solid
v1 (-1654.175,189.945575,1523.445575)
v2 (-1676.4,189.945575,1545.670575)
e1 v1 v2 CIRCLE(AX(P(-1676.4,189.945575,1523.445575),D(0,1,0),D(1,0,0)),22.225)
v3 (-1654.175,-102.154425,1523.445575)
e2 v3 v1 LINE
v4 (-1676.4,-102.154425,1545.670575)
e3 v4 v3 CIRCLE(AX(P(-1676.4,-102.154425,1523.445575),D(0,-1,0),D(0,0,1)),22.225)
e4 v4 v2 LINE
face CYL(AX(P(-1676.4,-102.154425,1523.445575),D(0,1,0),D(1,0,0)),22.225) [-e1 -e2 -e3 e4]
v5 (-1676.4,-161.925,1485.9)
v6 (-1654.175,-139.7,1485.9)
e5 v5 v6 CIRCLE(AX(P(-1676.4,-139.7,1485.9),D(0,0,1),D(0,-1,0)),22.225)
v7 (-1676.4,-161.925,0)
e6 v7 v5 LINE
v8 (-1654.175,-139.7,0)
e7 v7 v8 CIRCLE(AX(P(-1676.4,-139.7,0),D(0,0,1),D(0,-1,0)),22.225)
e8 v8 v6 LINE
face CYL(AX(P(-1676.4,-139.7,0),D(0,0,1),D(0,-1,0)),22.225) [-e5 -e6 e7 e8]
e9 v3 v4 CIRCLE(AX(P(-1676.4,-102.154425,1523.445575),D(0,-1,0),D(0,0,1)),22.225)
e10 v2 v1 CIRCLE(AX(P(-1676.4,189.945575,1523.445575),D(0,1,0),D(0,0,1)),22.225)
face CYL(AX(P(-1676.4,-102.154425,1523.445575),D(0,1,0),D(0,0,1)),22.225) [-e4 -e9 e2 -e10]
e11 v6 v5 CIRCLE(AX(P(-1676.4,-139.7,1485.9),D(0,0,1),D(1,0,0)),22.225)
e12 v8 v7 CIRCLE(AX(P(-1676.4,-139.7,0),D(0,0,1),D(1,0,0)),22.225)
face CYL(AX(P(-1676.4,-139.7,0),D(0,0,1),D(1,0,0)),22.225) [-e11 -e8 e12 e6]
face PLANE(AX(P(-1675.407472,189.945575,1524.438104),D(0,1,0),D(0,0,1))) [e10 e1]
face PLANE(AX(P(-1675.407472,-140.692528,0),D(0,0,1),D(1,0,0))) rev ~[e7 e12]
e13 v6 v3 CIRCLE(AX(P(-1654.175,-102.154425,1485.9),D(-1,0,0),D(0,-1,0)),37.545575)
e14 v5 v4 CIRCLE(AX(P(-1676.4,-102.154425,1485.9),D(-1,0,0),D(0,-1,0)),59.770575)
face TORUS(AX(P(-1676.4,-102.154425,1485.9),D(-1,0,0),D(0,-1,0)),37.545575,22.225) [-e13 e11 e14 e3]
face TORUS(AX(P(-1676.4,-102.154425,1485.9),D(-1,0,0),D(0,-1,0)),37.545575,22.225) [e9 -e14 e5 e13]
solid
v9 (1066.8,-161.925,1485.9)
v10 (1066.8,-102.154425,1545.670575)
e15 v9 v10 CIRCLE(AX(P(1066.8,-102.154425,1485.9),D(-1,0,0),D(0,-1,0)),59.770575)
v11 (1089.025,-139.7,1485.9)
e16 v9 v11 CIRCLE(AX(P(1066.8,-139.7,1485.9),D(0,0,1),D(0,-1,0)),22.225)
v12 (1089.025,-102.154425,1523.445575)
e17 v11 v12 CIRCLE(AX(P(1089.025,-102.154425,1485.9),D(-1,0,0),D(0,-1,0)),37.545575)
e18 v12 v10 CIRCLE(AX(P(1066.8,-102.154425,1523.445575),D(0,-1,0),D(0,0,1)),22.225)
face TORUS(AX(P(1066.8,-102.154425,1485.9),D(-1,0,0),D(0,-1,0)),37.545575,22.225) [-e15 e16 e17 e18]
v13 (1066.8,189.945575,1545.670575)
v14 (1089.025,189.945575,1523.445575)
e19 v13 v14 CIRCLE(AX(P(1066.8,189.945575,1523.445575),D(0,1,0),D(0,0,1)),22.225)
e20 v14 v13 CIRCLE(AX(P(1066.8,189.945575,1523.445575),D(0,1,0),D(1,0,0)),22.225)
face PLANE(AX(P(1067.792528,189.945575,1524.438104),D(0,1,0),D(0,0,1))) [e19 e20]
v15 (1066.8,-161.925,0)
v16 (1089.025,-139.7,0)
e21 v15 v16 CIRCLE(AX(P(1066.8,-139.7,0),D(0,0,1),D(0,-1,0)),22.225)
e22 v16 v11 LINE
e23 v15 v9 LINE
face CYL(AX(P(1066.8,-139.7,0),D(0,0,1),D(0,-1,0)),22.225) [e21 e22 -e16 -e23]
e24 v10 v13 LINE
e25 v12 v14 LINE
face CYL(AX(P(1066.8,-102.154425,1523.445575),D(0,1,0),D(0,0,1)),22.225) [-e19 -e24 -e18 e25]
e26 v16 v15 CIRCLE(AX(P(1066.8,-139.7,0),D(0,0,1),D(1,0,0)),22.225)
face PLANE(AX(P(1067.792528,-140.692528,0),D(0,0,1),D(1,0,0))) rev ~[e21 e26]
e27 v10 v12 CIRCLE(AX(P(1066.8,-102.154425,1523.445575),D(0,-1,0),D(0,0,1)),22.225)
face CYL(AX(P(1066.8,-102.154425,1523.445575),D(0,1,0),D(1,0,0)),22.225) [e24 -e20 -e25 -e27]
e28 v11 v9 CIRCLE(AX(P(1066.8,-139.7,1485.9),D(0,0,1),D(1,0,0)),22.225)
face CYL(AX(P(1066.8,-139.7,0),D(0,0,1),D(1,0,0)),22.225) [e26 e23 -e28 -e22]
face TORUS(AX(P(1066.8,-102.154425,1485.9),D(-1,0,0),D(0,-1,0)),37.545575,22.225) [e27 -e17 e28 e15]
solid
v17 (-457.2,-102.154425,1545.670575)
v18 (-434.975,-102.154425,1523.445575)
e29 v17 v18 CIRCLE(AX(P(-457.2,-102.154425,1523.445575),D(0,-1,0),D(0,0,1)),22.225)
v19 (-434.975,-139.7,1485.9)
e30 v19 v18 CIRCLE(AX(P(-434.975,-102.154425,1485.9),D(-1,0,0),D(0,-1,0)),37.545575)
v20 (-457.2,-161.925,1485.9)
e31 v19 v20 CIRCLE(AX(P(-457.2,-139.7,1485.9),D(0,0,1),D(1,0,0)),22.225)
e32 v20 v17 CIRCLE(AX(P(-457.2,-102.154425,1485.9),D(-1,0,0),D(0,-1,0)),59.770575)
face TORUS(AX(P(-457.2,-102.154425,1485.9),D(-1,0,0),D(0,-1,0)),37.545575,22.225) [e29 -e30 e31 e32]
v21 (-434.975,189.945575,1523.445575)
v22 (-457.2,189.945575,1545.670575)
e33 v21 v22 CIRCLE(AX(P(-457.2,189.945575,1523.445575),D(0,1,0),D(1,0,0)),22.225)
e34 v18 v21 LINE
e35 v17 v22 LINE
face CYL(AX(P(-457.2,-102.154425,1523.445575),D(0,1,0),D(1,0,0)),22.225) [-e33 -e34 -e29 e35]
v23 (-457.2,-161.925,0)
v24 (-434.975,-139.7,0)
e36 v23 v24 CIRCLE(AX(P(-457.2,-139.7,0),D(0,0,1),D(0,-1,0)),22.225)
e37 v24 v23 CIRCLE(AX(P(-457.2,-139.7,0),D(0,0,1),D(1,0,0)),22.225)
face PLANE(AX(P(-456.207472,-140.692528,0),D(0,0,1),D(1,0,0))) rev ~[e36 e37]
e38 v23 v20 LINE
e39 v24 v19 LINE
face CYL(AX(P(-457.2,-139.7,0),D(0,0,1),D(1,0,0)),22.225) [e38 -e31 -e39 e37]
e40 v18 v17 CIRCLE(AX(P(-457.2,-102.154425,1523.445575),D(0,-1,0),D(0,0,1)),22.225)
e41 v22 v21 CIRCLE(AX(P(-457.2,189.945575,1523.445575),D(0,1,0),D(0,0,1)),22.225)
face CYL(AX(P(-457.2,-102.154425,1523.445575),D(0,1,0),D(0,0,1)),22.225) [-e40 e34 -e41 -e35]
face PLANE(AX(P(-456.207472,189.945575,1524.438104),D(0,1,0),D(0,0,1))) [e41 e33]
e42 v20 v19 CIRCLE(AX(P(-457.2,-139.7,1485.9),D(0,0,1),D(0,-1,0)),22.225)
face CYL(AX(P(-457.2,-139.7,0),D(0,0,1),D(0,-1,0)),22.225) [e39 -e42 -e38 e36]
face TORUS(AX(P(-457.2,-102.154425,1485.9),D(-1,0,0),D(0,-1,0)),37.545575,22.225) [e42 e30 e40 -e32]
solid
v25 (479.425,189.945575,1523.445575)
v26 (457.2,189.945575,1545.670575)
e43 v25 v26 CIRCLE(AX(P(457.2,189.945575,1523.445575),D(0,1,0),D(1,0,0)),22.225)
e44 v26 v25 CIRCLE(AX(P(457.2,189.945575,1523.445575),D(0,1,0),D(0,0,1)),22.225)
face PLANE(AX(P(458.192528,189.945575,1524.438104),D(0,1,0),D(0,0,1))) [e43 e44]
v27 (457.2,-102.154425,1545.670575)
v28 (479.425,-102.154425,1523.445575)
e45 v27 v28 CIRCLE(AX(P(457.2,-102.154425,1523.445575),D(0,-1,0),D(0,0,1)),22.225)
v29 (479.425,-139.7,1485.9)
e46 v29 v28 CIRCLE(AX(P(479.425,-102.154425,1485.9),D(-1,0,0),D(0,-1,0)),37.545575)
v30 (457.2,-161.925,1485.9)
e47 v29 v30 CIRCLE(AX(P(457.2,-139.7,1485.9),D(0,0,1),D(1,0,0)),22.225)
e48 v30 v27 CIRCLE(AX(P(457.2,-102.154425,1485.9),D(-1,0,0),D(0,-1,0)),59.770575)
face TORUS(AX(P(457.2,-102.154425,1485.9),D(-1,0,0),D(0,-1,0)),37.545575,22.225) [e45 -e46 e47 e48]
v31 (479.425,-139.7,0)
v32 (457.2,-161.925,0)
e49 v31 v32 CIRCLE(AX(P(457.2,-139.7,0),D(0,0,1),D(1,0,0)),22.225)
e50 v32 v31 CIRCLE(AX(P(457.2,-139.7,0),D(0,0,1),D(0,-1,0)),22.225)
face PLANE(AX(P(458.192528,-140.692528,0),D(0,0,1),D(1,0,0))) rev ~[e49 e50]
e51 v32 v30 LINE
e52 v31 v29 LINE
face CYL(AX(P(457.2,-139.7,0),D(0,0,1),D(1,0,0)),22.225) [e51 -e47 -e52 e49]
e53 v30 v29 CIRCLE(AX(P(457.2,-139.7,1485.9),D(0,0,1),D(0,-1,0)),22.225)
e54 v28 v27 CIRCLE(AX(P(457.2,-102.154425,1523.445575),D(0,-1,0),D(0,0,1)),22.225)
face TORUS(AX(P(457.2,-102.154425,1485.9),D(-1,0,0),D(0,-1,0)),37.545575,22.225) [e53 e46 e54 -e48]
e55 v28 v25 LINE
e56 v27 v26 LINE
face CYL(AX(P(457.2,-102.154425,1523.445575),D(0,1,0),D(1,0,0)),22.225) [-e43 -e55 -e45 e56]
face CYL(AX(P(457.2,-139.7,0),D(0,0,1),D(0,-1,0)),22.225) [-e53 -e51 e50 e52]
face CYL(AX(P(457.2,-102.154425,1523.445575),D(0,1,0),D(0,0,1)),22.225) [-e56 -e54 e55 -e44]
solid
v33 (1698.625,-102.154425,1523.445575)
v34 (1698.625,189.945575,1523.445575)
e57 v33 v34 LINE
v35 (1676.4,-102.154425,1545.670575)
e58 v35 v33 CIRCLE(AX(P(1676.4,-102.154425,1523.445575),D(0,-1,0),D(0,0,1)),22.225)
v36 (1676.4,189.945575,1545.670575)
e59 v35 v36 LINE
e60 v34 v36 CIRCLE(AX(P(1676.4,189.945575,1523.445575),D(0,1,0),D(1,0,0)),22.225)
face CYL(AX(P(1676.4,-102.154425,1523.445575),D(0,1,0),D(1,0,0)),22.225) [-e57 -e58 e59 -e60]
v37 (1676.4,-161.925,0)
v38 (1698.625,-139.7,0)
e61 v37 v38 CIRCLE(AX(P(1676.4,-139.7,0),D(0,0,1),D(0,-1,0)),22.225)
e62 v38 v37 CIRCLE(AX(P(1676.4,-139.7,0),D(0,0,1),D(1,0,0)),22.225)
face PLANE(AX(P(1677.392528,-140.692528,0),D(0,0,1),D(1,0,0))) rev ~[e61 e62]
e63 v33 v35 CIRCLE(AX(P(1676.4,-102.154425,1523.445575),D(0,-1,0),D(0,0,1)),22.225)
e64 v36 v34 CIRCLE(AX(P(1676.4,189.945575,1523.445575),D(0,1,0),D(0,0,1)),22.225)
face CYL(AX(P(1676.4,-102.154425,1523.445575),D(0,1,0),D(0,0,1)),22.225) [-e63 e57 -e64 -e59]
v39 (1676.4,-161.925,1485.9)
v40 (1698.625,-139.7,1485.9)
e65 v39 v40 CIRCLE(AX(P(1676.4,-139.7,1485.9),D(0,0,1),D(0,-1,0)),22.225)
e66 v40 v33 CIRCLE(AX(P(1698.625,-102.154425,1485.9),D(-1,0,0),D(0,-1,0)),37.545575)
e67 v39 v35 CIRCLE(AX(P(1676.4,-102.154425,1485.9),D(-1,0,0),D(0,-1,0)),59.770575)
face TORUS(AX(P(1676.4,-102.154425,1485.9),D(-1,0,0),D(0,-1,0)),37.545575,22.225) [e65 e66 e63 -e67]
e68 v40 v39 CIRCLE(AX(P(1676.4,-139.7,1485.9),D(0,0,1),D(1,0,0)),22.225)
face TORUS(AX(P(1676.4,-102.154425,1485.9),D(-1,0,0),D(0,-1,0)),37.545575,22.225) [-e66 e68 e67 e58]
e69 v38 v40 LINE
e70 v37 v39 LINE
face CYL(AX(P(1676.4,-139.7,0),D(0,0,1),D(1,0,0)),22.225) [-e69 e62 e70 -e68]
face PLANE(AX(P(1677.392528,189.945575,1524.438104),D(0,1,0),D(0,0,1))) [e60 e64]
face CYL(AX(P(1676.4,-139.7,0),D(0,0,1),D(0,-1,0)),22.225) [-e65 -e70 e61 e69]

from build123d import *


with BuildPart() as f19:
    # F19: sweep along a path in F18
    with BuildLine(Plane.YZ.offset(-1676.4)) as f19_path:
        Line((-140.2544249311, 0), (-140.2544249311, 1485.9))
        ThreePointArc((-140.2544249311, 1485.9), (-129.0951932944, 1512.8407683632), (-102.1544249311, 1524))
        Line((-102.1544249311, 1524), (189.9455750689, 1524))
    # F7 (on Top) → F19 (sweep)
    with BuildSketch(Plane.XY):
        with BuildLine():
            ThreePointArc((1676.4, -161.925), (1692.1154482119, -155.4154482119), (1698.625, -139.7))
            ThreePointArc((1698.625, -139.7), (1660.6845517881, -123.9845517881), (1676.4, -161.925))
        make_face()
        with BuildLine():
            ThreePointArc((1066.8, -161.925), (1082.5154482119, -155.4154482119), (1089.025, -139.7))
            ThreePointArc((1089.025, -139.7), (1051.0845517881, -123.9845517881), (1066.8, -161.925))
        make_face()
        with BuildLine():
            ThreePointArc((457.2, -161.925), (472.9154482119, -155.4154482119), (479.425, -139.7))
            ThreePointArc((479.425, -139.7), (441.4845517881, -123.9845517881), (457.2, -161.925))
        make_face()
        with BuildLine():
            ThreePointArc((-457.2, -161.925), (-441.4845517881, -155.4154482119), (-434.975, -139.7))
            ThreePointArc((-434.975, -139.7), (-472.9154482119, -123.9845517881), (-457.2, -161.925))
        make_face()
        with BuildLine():
            ThreePointArc((-1676.4, -161.925), (-1660.6845517881, -155.4154482119), (-1654.175, -139.7))
            ThreePointArc((-1654.175, -139.7), (-1692.1154482119, -123.9845517881), (-1676.4, -161.925))
        make_face()
    sweep(path=f19_path.line)


solid = f19.part
